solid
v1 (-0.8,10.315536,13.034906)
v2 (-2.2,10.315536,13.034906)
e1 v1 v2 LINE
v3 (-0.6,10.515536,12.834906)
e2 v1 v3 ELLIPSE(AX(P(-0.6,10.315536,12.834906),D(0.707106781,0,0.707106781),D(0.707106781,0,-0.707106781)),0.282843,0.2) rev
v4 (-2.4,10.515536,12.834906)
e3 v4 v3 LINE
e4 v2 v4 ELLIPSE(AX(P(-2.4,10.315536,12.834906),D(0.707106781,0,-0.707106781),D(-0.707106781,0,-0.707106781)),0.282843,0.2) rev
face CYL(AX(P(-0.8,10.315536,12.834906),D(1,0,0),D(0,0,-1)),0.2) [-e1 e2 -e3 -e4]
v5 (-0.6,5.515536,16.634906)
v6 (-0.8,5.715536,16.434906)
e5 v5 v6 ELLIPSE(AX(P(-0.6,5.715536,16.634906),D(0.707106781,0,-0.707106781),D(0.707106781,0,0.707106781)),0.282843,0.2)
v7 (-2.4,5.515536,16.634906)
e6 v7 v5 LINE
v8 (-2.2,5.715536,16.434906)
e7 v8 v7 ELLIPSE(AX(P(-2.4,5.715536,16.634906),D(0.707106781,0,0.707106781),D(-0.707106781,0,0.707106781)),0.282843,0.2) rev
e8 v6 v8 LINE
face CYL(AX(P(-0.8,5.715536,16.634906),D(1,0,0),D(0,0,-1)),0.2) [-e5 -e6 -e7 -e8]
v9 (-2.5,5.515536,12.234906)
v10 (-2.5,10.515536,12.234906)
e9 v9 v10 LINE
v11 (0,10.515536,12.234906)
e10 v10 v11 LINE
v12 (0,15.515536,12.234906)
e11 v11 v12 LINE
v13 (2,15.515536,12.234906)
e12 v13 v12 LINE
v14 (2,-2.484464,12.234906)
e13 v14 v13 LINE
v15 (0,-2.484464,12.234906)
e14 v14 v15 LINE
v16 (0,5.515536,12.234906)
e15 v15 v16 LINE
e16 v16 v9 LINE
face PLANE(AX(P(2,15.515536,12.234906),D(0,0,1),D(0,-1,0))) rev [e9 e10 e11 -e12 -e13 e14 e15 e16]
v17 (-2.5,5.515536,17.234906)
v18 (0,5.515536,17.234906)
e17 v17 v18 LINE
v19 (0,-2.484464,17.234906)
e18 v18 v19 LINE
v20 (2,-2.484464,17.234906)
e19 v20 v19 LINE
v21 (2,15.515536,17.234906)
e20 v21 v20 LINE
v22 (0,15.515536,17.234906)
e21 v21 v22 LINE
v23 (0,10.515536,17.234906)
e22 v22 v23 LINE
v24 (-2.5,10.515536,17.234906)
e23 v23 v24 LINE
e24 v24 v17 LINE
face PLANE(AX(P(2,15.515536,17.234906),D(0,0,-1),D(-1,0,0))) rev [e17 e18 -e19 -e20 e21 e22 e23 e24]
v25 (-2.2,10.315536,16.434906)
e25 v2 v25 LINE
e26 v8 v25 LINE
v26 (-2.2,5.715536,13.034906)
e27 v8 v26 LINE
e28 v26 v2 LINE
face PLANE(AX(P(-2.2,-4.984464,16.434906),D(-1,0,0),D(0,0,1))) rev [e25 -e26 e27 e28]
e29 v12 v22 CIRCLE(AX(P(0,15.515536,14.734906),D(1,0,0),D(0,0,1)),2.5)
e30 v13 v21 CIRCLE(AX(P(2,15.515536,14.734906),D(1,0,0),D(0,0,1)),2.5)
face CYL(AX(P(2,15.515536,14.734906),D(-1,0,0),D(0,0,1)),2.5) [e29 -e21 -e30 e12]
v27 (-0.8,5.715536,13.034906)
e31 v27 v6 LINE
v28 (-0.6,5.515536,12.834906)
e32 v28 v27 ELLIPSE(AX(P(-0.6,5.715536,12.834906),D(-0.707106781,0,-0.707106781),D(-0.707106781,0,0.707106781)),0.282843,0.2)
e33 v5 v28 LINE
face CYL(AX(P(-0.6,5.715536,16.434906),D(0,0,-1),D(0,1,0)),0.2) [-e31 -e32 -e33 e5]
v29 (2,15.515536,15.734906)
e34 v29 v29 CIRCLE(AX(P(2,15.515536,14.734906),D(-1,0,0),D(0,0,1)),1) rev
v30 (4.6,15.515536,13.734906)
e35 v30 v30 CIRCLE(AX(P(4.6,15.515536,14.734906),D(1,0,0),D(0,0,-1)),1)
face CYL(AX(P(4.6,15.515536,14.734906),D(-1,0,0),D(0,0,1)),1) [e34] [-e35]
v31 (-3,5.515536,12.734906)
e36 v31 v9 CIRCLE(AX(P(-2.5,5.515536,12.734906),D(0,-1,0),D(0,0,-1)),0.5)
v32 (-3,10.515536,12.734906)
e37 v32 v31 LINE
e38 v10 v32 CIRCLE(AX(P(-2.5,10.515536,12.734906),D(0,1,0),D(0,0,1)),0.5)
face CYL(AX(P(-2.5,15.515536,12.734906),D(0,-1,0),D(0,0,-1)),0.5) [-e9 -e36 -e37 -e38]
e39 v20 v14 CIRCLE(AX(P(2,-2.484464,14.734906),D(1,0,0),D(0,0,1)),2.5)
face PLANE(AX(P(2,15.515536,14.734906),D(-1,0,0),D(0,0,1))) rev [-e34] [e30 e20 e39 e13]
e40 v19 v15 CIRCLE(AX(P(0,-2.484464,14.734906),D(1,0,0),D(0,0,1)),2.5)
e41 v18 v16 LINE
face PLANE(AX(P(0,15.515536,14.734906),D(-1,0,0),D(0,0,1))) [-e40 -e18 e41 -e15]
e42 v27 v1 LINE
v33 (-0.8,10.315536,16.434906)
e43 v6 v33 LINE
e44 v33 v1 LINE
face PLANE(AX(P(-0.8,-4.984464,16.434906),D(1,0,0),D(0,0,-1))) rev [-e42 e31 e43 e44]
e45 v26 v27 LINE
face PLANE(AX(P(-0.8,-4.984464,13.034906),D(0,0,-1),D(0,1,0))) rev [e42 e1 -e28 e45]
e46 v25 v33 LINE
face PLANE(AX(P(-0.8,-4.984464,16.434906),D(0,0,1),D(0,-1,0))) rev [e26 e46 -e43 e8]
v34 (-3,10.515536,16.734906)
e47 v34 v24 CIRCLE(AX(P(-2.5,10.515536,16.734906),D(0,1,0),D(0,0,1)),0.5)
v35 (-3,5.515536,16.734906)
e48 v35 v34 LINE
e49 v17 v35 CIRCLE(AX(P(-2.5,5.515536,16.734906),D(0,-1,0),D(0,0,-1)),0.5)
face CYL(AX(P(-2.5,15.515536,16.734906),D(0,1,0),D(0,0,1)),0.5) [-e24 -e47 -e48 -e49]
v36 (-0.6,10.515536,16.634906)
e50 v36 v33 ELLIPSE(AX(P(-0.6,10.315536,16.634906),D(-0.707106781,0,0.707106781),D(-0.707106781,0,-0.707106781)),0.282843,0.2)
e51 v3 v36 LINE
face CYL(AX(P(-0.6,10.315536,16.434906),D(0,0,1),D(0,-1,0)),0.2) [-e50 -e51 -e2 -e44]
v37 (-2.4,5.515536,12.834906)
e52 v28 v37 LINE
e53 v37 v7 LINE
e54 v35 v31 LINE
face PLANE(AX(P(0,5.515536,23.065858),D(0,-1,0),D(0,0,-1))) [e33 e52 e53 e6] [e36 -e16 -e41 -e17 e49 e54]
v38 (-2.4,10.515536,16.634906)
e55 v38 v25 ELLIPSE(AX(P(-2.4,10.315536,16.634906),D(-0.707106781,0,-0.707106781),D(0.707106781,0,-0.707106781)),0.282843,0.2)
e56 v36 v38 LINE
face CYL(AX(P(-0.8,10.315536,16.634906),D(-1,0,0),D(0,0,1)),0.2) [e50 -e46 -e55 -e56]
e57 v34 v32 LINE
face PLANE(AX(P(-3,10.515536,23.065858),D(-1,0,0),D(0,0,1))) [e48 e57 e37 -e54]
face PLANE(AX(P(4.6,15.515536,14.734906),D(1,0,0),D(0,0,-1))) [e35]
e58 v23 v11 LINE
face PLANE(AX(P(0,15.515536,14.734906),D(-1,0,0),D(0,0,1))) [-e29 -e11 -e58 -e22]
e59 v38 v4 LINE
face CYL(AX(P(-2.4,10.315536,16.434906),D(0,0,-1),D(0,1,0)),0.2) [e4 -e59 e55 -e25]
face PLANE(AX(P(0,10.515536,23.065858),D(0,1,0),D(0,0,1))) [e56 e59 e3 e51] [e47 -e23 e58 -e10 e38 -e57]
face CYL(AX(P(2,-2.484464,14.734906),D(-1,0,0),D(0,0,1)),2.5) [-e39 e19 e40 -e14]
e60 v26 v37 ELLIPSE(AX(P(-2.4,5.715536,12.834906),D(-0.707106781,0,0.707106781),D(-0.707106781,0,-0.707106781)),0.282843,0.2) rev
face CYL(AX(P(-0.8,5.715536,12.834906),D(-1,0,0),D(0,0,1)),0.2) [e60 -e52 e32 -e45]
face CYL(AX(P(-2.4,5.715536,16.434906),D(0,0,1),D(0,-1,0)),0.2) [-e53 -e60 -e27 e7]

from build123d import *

# Parameters (mm, degrees)
BOSS_EXTRUDE1_DEPTH = 2
SKETCH2_R           = 1
BOSS_EXTRUDE2_DEPTH = 2.6
SKETCH3_W           = 3
SKETCH3_H           = 5
BOSS_EXTRUDE3_DEPTH = 5
SKETCH4_W           = 1.4
SKETCH4_H           = 3.4
CUT_EXTRUDE1_DEPTH  = 24.631588809
FILLET1_R           = 0.5
FILLET2_R           = 0.2


with BuildPart() as part:
    # Sketch1 → Boss-Extrude1 (new body)
    with BuildSketch(Plane(origin=(0, 0, 0), x_dir=(0, 0, -1), z_dir=(1, 0, 0))):
        with BuildLine():
            Line((-17.23490614, 15.515536013), (-17.23490614, -2.484463987))
            ThreePointArc((-17.23490614, -2.484463987), (-14.73490614, -4.984463987), (-12.23490614, -2.484463987))
            Line((-12.23490614, -2.484463987), (-12.23490614, 15.515536013))
            ThreePointArc((-12.23490614, 15.515536013), (-14.73490614, 18.015536013), (-17.23490614, 15.515536013))
        make_face()
    extrude(amount=BOSS_EXTRUDE1_DEPTH)

    # Sketch2 → Boss-Extrude2 (add)
    with BuildSketch(Plane(origin=(2, 0, 0), x_dir=(0, 0, -1), z_dir=(1, 0, 0))):
        with Locations(Location((-14.73490614, 15.515536013, 0), (0, 0, 180))):
            Circle(SKETCH2_R)
    extrude(amount=BOSS_EXTRUDE2_DEPTH)

    # Sketch3 → Boss-Extrude3 (add)
    with BuildSketch(Plane(origin=(0, 0, 12.23490614), x_dir=(-1, 0, 0), z_dir=(0, 0, -1))):
        with Locations((1.5, 8.015536013)):
            Rectangle(SKETCH3_W, SKETCH3_H)
    extrude(amount=-BOSS_EXTRUDE3_DEPTH)

    # Sketch4 → Cut-Extrude1 (cut, through all)
    with BuildSketch(Plane(origin=(0, 10.515536013, 0), x_dir=(1, 0, 0), z_dir=(0, 1, 0))):
        with Locations((-1.5, -14.73490614)):
            Rectangle(SKETCH4_W, SKETCH4_H)
    extrude(amount=-CUT_EXTRUDE1_DEPTH, mode=Mode.SUBTRACT)

    # Fillet1
    fillet1_edges = [part.edges().sort_by_distance(p)[0] for p in [
        (-3, 8.015536013, 12.23490614),
        (-3, 8.015536013, 17.23490614),
    ]]
    fillet(fillet1_edges, radius=FILLET1_R)

    # Fillet2
    fillet2_edges = [part.edges().sort_by_distance(p)[0] for p in [
        (-1.5, 5.515536013, 13.03490614),
        (-2.2, 5.515536013, 14.73490614),
        (-1.5, 5.515536013, 16.43490614),
        (-0.8, 5.515536013, 14.73490614),
        (-0.8, 10.515536013, 14.73490614),
        (-1.5, 10.515536013, 13.03490614),
        (-2.2, 10.515536013, 14.73490614),
        (-1.5, 10.515536013, 16.43490614),
    ]]
    fillet(fillet2_edges, radius=FILLET2_R)


solid = part.part
